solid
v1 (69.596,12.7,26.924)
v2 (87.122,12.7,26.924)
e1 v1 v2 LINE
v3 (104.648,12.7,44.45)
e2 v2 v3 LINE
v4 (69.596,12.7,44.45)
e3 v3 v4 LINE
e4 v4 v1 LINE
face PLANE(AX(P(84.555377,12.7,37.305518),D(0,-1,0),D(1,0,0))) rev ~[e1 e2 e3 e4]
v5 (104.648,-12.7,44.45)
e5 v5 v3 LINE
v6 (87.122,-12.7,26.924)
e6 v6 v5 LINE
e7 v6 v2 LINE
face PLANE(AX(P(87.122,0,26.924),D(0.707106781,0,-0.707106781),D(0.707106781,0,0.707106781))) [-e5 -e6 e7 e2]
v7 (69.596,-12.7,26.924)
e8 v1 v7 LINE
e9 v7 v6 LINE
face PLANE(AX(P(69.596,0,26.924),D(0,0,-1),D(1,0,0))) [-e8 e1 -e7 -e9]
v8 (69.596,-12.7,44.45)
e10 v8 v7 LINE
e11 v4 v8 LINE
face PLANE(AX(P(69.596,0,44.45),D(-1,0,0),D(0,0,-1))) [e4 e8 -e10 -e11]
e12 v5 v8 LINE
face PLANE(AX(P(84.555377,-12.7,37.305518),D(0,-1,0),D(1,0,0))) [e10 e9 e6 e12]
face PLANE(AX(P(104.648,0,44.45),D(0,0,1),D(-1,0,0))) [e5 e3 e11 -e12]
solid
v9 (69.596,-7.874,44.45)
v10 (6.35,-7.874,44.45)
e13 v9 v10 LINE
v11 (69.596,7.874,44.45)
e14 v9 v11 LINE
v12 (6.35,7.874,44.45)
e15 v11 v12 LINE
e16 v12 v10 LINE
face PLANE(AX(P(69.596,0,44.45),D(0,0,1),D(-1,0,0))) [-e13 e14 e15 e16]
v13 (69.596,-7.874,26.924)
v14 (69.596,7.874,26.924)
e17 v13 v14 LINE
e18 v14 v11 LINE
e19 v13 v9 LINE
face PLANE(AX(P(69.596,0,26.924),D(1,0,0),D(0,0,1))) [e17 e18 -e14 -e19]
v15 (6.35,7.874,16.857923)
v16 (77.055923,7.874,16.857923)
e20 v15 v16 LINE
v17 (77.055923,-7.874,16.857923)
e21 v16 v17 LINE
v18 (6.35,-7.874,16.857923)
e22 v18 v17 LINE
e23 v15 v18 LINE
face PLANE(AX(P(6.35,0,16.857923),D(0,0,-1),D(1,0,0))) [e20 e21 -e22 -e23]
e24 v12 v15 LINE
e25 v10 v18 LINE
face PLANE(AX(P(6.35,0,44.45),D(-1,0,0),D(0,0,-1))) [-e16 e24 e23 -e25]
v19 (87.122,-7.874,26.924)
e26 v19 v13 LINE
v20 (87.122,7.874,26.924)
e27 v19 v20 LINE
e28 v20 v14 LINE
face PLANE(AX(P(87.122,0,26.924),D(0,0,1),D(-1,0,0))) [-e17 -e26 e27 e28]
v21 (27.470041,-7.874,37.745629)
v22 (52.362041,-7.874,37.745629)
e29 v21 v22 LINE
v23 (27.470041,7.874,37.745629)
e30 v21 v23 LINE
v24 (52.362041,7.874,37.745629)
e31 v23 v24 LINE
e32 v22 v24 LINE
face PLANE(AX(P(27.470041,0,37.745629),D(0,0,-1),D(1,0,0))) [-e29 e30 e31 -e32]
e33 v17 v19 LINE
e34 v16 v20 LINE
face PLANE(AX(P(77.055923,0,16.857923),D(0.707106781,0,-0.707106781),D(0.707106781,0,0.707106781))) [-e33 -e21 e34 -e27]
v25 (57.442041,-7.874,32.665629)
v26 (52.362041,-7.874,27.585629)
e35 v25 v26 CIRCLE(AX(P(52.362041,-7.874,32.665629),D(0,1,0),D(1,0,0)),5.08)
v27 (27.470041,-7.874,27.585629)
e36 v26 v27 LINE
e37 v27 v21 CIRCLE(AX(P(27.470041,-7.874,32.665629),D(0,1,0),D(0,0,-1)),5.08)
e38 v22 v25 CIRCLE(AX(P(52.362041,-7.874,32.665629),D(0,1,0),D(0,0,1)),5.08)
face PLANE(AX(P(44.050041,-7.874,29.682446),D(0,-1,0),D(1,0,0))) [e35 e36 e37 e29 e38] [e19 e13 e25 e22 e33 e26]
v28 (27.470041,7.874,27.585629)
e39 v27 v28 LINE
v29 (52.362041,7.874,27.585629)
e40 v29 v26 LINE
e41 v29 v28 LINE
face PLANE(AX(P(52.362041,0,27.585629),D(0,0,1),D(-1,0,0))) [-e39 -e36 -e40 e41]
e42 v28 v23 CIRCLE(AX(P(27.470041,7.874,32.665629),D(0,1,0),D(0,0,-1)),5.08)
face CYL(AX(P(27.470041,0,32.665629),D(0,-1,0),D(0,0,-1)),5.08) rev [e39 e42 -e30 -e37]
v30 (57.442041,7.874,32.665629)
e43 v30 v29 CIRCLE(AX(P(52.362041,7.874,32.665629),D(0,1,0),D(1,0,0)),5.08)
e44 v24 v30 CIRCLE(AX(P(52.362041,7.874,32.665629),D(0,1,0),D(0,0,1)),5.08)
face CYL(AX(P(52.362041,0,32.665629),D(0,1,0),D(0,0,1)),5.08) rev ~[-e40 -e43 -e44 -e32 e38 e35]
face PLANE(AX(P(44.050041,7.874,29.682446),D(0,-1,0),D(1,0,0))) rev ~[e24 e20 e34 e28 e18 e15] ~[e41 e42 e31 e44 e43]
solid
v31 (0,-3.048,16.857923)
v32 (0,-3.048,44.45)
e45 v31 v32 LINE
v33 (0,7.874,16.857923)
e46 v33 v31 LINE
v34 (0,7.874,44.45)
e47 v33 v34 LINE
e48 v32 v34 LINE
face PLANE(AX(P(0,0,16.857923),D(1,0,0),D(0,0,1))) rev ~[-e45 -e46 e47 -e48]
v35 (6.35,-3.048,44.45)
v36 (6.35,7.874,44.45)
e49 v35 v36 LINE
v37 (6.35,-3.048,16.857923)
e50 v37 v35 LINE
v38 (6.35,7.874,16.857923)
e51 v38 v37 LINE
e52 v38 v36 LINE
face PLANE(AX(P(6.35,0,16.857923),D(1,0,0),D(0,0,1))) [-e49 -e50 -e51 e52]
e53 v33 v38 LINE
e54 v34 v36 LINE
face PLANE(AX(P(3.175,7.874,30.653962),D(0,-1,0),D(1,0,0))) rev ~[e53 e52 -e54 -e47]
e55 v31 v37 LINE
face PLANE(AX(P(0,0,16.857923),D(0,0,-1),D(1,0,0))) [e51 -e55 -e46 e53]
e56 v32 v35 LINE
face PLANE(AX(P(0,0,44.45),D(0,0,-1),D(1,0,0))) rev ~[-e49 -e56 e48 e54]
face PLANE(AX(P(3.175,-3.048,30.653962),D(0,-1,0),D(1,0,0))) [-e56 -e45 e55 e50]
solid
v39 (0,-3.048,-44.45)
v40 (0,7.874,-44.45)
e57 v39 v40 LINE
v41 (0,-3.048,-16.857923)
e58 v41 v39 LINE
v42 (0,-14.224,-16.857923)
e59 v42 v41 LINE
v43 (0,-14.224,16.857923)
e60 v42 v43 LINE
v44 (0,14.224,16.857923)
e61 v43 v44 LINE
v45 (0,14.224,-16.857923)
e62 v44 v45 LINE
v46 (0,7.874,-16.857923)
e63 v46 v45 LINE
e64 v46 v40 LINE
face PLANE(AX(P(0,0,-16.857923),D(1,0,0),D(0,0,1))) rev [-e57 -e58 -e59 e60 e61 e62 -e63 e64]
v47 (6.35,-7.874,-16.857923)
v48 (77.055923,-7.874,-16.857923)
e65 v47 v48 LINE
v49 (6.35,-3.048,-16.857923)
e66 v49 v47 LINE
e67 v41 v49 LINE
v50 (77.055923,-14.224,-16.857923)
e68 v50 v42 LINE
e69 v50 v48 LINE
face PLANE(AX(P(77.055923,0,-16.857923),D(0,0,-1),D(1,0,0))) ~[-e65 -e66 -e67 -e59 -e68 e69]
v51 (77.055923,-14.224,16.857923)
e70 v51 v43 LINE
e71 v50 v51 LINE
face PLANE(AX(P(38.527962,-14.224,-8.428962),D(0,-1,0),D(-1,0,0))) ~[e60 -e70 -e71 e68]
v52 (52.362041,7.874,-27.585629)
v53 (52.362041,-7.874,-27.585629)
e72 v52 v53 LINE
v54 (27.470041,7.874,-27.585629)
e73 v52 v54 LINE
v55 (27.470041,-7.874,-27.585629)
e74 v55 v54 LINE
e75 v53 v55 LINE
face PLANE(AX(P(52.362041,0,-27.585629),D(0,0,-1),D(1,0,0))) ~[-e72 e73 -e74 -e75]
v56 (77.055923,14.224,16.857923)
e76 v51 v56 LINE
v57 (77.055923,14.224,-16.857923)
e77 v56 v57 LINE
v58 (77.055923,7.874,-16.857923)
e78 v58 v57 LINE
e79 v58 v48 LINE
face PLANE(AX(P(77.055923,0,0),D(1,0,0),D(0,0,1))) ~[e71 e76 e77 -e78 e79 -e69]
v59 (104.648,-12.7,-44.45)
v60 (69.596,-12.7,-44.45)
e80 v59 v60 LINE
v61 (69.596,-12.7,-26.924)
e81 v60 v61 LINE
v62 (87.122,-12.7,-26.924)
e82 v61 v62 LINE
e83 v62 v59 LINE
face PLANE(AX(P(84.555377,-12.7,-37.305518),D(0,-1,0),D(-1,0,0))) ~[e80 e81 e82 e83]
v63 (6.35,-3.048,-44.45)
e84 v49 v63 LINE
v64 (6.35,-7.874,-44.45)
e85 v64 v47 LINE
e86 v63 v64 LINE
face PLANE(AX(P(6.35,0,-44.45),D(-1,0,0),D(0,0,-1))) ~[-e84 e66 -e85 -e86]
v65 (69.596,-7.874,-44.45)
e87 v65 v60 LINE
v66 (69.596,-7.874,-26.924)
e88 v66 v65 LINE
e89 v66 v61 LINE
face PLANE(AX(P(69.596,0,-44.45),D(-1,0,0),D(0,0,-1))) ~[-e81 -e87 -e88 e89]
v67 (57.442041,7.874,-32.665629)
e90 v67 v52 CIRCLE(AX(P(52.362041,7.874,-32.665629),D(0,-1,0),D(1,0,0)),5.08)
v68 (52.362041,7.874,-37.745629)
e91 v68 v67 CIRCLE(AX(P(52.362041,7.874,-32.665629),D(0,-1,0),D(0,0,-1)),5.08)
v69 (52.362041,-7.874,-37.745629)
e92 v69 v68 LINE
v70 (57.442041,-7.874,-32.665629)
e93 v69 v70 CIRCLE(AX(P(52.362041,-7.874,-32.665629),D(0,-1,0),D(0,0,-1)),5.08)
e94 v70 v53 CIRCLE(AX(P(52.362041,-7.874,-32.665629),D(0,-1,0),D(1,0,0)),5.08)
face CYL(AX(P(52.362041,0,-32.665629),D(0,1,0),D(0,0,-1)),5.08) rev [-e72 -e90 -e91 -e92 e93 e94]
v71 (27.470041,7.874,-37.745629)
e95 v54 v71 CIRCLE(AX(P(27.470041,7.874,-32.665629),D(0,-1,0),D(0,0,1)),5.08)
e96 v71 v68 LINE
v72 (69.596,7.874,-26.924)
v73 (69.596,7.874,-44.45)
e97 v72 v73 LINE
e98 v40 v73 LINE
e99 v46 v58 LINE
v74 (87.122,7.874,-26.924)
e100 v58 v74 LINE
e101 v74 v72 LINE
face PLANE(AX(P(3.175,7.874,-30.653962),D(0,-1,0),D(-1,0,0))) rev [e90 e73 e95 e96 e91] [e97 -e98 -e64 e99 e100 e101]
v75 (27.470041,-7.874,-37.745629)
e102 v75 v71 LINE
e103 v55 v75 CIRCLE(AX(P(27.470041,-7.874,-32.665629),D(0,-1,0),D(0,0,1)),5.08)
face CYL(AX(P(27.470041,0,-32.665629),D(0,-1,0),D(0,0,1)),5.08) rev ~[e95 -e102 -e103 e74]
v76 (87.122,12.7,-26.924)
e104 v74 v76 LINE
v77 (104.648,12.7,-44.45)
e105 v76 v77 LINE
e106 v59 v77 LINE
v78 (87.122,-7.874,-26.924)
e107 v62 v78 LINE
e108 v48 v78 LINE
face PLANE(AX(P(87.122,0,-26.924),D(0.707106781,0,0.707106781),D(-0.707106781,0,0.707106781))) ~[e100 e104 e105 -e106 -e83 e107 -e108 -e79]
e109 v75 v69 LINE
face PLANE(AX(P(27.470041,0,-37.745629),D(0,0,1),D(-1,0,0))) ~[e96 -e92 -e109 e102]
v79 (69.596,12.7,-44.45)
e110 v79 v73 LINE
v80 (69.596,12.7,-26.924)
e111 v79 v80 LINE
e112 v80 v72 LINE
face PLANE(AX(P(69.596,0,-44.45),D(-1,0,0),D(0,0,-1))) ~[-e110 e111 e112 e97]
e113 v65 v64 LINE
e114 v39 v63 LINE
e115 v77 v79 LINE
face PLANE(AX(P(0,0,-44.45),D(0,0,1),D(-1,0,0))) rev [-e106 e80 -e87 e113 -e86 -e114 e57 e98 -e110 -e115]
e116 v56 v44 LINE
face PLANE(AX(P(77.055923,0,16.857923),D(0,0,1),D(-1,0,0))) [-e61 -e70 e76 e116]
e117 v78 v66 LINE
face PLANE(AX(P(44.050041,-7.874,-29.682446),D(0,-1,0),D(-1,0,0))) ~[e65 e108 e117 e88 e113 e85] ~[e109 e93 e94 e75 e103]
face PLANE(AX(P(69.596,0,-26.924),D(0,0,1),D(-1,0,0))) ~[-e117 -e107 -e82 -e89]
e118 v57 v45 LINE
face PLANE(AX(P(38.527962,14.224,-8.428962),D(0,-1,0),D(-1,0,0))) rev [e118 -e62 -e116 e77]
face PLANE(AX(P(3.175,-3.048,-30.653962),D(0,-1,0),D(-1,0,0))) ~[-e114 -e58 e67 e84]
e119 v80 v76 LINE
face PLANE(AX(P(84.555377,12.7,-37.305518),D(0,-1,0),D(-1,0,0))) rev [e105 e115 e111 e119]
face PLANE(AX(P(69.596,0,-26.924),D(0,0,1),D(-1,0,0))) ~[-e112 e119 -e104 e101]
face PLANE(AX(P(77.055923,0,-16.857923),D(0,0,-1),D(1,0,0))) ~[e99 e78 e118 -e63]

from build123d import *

# Parameters (mm, degrees)
F1_DEPTH = 14.224
F2_DEPTH = 12.7
F3_DEPTH = 7.874
F0_W     = 6.35
F0_H     = 27.592076916
F4_DEPTH = 7.874
F5_DEPTH = 4.826


with BuildPart() as f1:
    # F0 (on Front) → F1 (new body, symmetric)
    with BuildSketch(Plane.XZ):
        Polygon((6.35, 16.857923084), (0, 16.857923084), (0, 0), (77.055923084, 0), (77.055923084, 16.857923084), align=None)
    extrude(amount=F1_DEPTH, both=True)

    # F6: F1, F2, F3, F4 across face


with BuildPart() as f2:
    # F0 (on Front) → F2 (new body, symmetric)
    with BuildSketch(Plane.XZ):
        Polygon((104.648, 44.45), (69.596, 44.45), (69.596, 26.924), (87.122, 26.924), align=None)
    extrude(amount=F2_DEPTH, both=True)


with BuildPart() as f3:
    # F0 (on Front) → F3 (new body, symmetric)
    with BuildSketch(Plane.XZ):
        Polygon((69.596, 44.45), (6.35, 44.45), (6.35, 16.857923084), (77.055923084, 16.857923084), (87.122, 26.924), (69.596, 26.924), align=None)
        with BuildLine():
            ThreePointArc((52.3620410664, 37.7456286583), (55.9541435148, 36.2577311068), (57.4420410664, 32.6656286583))
            ThreePointArc((57.4420410664, 32.6656286583), (55.9541435148, 29.0735262099), (52.3620410664, 27.5856286583))
            Line((52.3620410664, 27.5856286583), (27.4700410664, 27.5856286583))
            ThreePointArc((27.4700410664, 27.5856286583), (22.3900410664, 32.6656286583), (27.4700410664, 37.7456286583))
            Line((27.4700410664, 37.7456286583), (52.3620410664, 37.7456286583))
        make_face(mode=Mode.SUBTRACT)
    extrude(amount=F3_DEPTH, both=True)


with BuildPart() as f4:
    # F0 (on Front) → F4 (new body, symmetric)
    with BuildSketch(Plane.XZ):
        with Locations((3.175, 30.653961542)):
            Rectangle(F0_W, F0_H)
    extrude(amount=F4_DEPTH, both=True)

    # F5 (cut): a face of the model
    f5_faces = [f4.faces().sort_by_distance(p)[0] for p in [
        (3.175, -7.874, 30.653961542),
    ]]
    extrude(f5_faces, amount=-F5_DEPTH, mode=Mode.SUBTRACT)


with BuildPart() as f1_1:
    add(f1.part)
    add(f1.part.mirror(Plane(origin=(38.527961542, 0, 0), x_dir=(1, 0, 0), z_dir=(0, 0, -1))))
    add(f2.part.mirror(Plane(origin=(38.527961542, 0, 0), x_dir=(1, 0, 0), z_dir=(0, 0, -1))))
    add(f3.part.mirror(Plane(origin=(38.527961542, 0, 0), x_dir=(1, 0, 0), z_dir=(0, 0, -1))))
    add(f4.part.mirror(Plane(origin=(38.527961542, 0, 0), x_dir=(1, 0, 0), z_dir=(0, 0, -1))))


solid = Compound([f2.part, f3.part, f4.part, f1_1.part])
